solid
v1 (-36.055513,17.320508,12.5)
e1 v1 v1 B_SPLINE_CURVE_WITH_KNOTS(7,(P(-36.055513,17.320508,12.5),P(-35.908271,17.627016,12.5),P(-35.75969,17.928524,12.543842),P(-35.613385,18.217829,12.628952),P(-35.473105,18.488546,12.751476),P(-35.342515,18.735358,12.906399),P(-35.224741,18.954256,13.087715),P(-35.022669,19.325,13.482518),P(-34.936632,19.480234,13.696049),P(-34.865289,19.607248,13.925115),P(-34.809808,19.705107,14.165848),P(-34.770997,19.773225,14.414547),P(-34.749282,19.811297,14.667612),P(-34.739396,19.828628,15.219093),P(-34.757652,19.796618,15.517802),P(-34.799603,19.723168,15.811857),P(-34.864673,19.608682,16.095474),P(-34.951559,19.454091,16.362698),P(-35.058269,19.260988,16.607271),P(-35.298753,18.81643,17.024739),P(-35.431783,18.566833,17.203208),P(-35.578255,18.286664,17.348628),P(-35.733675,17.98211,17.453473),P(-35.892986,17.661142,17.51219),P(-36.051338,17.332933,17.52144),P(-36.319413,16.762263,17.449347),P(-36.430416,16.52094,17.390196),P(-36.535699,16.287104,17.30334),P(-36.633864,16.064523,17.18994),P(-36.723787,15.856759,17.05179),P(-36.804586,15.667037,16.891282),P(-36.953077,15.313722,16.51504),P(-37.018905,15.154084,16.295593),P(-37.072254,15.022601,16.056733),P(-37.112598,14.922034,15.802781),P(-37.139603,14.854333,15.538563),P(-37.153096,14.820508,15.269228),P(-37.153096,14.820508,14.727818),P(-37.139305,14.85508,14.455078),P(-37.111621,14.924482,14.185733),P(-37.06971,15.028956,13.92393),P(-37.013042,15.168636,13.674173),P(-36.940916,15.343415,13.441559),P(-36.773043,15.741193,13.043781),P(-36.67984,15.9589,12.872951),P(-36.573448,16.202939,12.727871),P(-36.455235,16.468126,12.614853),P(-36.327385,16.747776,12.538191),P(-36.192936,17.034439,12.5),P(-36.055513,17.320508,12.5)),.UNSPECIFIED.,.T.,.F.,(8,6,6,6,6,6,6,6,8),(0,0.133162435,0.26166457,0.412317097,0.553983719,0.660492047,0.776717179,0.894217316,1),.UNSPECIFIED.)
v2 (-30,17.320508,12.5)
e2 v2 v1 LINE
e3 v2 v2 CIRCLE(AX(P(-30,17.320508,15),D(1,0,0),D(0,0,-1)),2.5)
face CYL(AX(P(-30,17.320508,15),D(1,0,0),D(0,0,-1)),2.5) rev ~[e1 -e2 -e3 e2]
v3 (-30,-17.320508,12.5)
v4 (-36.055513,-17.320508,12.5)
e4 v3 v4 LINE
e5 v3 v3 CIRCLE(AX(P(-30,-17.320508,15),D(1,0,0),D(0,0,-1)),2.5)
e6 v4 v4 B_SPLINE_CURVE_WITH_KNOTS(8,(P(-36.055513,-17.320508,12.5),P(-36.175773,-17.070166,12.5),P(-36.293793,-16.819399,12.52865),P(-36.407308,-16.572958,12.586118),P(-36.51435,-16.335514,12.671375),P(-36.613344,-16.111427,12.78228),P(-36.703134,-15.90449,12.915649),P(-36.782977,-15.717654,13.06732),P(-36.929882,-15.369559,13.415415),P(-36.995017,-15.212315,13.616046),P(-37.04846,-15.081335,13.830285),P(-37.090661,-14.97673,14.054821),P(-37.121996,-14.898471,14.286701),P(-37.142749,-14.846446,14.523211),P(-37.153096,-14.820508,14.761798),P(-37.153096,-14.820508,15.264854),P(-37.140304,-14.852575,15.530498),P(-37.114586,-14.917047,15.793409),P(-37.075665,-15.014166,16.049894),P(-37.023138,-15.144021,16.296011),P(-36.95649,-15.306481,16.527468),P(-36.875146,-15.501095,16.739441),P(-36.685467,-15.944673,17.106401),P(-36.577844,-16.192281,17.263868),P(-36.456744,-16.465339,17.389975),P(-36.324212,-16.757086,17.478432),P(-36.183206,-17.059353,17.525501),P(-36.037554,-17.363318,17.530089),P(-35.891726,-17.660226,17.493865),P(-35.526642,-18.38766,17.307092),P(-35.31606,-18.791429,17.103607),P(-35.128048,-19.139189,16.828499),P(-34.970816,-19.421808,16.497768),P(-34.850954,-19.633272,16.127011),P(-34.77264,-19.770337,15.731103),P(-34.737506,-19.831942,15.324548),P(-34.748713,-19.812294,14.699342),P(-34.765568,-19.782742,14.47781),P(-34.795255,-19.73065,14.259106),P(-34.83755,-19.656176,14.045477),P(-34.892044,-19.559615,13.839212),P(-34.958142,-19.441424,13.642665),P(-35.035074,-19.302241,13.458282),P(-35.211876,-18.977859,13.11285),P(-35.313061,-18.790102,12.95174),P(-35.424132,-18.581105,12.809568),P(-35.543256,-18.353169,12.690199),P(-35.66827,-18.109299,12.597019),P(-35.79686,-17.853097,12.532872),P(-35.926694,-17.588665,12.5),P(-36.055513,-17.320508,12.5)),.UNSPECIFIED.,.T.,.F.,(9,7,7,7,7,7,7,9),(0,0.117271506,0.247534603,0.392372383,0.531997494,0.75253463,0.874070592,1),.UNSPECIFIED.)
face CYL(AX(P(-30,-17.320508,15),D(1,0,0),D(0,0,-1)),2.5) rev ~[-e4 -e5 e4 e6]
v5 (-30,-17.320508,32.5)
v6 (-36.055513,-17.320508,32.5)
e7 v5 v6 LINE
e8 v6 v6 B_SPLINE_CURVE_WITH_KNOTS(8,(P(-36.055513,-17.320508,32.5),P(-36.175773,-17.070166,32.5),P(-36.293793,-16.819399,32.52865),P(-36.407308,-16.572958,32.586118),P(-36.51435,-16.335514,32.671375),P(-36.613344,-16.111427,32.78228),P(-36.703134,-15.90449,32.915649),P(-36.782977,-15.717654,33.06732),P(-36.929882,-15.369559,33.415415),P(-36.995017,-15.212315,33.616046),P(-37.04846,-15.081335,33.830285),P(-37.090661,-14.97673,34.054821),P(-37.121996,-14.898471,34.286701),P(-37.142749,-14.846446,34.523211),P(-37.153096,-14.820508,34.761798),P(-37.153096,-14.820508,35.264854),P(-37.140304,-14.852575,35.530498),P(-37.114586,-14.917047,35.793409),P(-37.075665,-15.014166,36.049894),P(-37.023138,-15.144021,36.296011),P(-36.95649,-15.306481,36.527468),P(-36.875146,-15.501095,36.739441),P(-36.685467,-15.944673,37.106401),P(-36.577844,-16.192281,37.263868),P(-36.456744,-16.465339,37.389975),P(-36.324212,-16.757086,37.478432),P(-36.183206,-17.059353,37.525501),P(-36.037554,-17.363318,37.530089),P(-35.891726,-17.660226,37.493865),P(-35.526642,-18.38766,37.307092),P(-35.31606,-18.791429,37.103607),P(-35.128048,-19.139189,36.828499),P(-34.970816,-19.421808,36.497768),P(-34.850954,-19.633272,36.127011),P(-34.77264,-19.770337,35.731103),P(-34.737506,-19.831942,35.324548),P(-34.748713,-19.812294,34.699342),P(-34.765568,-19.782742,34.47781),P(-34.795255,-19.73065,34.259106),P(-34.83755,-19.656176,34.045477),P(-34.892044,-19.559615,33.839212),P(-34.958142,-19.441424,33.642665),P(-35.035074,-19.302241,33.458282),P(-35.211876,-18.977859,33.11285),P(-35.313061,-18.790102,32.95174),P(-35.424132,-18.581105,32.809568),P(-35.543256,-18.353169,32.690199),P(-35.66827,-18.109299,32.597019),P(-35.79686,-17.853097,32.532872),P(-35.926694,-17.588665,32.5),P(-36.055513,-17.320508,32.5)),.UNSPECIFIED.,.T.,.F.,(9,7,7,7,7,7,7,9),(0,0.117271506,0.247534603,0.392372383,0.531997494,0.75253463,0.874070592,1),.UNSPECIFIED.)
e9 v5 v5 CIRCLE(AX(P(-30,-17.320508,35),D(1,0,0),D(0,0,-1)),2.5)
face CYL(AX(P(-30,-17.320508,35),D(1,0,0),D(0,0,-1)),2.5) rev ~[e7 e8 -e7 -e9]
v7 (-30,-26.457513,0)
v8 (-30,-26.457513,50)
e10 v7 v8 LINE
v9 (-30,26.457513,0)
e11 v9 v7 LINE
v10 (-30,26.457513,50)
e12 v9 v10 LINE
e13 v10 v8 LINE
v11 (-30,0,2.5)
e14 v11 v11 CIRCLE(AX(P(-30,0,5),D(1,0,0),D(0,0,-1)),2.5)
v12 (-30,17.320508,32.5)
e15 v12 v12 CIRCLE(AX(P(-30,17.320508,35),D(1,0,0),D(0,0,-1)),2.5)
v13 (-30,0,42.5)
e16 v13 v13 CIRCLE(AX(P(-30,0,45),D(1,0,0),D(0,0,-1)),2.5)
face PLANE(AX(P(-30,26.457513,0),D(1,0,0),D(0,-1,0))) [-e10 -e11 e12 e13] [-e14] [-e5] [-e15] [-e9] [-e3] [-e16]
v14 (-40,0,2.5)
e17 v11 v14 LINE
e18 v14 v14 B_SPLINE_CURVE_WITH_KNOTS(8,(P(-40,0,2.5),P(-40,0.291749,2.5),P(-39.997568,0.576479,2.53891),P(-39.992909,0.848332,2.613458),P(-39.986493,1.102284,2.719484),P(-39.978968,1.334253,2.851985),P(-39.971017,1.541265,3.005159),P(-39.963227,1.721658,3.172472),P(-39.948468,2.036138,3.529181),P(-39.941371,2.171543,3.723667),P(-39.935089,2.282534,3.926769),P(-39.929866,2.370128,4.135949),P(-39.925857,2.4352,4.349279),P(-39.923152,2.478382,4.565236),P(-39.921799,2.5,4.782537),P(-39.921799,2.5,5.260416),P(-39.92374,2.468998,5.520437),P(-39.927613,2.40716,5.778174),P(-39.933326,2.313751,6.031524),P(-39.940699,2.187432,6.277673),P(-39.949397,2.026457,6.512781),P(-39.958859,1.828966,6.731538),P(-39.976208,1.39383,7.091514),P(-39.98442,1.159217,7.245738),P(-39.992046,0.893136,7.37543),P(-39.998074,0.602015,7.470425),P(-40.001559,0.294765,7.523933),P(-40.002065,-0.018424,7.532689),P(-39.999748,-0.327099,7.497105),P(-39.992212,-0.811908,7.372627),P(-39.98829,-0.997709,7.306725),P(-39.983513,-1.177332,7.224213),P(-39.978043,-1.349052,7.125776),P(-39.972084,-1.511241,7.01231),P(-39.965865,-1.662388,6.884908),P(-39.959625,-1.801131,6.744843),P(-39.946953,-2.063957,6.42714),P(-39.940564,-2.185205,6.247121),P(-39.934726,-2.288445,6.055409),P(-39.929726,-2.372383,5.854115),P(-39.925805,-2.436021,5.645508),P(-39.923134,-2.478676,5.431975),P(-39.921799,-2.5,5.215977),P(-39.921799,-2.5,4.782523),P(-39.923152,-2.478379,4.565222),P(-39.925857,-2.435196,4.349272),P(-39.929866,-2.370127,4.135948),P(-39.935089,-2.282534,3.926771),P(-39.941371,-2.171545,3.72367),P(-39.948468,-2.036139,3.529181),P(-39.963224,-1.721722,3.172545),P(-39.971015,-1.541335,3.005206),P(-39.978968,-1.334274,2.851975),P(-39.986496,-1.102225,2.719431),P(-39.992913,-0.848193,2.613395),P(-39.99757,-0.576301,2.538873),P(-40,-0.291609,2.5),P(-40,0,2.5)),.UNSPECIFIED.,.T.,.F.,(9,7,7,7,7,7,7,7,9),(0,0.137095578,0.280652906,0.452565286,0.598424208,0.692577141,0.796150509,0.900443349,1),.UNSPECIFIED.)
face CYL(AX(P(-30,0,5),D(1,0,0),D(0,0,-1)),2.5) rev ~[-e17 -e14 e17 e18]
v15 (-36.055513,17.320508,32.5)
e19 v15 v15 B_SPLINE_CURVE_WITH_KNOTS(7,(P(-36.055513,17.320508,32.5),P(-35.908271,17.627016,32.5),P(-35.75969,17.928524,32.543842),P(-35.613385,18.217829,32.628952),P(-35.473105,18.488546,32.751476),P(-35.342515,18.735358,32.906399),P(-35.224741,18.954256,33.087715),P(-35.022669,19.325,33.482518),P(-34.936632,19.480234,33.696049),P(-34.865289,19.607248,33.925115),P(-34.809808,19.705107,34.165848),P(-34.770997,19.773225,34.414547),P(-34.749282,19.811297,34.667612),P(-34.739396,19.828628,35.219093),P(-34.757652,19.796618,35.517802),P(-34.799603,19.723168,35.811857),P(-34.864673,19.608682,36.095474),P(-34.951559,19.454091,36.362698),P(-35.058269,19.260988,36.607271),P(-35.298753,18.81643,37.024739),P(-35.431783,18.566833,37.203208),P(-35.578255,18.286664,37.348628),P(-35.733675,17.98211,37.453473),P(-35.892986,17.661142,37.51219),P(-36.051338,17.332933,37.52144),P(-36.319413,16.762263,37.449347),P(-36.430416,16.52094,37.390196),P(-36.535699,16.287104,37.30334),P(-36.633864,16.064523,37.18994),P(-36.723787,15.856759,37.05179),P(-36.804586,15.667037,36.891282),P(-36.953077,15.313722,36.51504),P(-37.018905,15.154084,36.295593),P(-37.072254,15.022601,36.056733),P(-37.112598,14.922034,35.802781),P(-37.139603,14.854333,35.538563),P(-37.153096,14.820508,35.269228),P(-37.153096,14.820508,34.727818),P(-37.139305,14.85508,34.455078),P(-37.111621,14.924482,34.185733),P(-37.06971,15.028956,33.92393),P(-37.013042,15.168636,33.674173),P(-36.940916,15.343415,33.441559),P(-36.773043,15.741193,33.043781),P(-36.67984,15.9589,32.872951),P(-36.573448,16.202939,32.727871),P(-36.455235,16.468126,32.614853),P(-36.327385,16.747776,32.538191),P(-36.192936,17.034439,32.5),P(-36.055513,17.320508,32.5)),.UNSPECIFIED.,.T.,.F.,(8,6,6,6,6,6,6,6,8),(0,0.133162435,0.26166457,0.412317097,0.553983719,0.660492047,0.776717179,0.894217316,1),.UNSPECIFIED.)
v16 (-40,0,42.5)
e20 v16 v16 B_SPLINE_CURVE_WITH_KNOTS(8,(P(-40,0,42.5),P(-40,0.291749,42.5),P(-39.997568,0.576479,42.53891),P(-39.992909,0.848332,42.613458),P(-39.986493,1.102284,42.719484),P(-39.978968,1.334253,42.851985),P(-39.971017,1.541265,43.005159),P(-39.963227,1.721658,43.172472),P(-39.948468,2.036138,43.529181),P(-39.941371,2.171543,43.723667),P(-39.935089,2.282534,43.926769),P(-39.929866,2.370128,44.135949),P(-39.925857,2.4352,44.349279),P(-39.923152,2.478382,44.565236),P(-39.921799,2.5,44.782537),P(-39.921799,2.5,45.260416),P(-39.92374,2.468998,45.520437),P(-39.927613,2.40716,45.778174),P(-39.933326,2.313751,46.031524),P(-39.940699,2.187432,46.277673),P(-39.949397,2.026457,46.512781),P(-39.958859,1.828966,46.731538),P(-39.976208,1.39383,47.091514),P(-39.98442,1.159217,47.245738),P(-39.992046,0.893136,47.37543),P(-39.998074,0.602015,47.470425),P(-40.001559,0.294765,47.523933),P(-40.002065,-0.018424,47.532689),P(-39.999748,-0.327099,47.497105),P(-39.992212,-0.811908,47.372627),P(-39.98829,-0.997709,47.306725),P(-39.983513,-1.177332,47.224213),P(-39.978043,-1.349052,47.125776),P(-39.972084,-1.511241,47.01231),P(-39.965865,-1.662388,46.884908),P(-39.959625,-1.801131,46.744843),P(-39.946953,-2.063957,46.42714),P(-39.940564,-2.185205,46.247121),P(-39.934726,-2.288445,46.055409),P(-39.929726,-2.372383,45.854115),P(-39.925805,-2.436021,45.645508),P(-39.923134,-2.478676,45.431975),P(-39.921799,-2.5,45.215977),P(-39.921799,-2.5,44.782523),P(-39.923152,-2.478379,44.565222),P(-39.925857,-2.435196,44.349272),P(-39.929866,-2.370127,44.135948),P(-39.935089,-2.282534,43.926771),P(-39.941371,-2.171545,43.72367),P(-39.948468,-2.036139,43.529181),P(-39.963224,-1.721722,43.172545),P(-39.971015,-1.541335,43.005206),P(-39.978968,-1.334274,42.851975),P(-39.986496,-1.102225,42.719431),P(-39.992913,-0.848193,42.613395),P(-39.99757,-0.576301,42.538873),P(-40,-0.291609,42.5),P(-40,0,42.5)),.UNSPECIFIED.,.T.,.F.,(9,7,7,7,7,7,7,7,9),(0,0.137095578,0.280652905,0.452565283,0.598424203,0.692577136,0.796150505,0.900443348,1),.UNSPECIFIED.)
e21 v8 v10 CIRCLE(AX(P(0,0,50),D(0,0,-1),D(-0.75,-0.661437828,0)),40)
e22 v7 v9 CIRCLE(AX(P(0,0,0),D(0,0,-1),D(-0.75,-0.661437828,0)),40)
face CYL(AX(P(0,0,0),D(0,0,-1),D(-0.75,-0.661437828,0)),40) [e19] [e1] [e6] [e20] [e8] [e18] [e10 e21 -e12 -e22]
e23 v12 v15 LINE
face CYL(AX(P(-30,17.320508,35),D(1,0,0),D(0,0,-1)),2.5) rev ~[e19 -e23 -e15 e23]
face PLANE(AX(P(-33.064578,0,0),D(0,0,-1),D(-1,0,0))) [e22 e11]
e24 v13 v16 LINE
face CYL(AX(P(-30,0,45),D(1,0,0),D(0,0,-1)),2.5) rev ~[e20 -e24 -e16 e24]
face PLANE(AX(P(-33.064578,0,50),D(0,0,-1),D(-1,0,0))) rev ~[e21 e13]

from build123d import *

# Parameters (mm, degrees)
BOSS_EXTRUDE1_DEPTH = 50
SKETCH3_R           = 2.5
CUT_EXTRUDE1_DEPTH  = 58.445626465


with BuildPart() as part:
    # Sketch2 → Boss-Extrude1 (new body)
    with BuildSketch(Plane.XY):
        with BuildLine():
            Line((-30, 26.457513111), (-30, -26.457513111))
            ThreePointArc((-30, -26.457513111), (-40, 0), (-30, 26.457513111))
        make_face()
    extrude(amount=BOSS_EXTRUDE1_DEPTH)

    # Sketch3 → Cut-Extrude1 (cut, through all)
    with BuildSketch(Plane(origin=(-30, 0, 0), x_dir=(0, 0, -1), z_dir=(1, 0, 0))):
        with Locations((-5, 0)):
            Circle(SKETCH3_R)
        with Locations((-15, -17.320508076)):
            Circle(SKETCH3_R)
        with Locations((-35, -17.320508076)):
            Circle(SKETCH3_R)
        with Locations((-45, 0)):
            Circle(SKETCH3_R)
        with Locations((-35, 17.320508076)):
            Circle(SKETCH3_R)
        with Locations((-15, 17.320508076)):
            Circle(SKETCH3_R)
    extrude(amount=-CUT_EXTRUDE1_DEPTH, mode=Mode.SUBTRACT)


solid = part.part
